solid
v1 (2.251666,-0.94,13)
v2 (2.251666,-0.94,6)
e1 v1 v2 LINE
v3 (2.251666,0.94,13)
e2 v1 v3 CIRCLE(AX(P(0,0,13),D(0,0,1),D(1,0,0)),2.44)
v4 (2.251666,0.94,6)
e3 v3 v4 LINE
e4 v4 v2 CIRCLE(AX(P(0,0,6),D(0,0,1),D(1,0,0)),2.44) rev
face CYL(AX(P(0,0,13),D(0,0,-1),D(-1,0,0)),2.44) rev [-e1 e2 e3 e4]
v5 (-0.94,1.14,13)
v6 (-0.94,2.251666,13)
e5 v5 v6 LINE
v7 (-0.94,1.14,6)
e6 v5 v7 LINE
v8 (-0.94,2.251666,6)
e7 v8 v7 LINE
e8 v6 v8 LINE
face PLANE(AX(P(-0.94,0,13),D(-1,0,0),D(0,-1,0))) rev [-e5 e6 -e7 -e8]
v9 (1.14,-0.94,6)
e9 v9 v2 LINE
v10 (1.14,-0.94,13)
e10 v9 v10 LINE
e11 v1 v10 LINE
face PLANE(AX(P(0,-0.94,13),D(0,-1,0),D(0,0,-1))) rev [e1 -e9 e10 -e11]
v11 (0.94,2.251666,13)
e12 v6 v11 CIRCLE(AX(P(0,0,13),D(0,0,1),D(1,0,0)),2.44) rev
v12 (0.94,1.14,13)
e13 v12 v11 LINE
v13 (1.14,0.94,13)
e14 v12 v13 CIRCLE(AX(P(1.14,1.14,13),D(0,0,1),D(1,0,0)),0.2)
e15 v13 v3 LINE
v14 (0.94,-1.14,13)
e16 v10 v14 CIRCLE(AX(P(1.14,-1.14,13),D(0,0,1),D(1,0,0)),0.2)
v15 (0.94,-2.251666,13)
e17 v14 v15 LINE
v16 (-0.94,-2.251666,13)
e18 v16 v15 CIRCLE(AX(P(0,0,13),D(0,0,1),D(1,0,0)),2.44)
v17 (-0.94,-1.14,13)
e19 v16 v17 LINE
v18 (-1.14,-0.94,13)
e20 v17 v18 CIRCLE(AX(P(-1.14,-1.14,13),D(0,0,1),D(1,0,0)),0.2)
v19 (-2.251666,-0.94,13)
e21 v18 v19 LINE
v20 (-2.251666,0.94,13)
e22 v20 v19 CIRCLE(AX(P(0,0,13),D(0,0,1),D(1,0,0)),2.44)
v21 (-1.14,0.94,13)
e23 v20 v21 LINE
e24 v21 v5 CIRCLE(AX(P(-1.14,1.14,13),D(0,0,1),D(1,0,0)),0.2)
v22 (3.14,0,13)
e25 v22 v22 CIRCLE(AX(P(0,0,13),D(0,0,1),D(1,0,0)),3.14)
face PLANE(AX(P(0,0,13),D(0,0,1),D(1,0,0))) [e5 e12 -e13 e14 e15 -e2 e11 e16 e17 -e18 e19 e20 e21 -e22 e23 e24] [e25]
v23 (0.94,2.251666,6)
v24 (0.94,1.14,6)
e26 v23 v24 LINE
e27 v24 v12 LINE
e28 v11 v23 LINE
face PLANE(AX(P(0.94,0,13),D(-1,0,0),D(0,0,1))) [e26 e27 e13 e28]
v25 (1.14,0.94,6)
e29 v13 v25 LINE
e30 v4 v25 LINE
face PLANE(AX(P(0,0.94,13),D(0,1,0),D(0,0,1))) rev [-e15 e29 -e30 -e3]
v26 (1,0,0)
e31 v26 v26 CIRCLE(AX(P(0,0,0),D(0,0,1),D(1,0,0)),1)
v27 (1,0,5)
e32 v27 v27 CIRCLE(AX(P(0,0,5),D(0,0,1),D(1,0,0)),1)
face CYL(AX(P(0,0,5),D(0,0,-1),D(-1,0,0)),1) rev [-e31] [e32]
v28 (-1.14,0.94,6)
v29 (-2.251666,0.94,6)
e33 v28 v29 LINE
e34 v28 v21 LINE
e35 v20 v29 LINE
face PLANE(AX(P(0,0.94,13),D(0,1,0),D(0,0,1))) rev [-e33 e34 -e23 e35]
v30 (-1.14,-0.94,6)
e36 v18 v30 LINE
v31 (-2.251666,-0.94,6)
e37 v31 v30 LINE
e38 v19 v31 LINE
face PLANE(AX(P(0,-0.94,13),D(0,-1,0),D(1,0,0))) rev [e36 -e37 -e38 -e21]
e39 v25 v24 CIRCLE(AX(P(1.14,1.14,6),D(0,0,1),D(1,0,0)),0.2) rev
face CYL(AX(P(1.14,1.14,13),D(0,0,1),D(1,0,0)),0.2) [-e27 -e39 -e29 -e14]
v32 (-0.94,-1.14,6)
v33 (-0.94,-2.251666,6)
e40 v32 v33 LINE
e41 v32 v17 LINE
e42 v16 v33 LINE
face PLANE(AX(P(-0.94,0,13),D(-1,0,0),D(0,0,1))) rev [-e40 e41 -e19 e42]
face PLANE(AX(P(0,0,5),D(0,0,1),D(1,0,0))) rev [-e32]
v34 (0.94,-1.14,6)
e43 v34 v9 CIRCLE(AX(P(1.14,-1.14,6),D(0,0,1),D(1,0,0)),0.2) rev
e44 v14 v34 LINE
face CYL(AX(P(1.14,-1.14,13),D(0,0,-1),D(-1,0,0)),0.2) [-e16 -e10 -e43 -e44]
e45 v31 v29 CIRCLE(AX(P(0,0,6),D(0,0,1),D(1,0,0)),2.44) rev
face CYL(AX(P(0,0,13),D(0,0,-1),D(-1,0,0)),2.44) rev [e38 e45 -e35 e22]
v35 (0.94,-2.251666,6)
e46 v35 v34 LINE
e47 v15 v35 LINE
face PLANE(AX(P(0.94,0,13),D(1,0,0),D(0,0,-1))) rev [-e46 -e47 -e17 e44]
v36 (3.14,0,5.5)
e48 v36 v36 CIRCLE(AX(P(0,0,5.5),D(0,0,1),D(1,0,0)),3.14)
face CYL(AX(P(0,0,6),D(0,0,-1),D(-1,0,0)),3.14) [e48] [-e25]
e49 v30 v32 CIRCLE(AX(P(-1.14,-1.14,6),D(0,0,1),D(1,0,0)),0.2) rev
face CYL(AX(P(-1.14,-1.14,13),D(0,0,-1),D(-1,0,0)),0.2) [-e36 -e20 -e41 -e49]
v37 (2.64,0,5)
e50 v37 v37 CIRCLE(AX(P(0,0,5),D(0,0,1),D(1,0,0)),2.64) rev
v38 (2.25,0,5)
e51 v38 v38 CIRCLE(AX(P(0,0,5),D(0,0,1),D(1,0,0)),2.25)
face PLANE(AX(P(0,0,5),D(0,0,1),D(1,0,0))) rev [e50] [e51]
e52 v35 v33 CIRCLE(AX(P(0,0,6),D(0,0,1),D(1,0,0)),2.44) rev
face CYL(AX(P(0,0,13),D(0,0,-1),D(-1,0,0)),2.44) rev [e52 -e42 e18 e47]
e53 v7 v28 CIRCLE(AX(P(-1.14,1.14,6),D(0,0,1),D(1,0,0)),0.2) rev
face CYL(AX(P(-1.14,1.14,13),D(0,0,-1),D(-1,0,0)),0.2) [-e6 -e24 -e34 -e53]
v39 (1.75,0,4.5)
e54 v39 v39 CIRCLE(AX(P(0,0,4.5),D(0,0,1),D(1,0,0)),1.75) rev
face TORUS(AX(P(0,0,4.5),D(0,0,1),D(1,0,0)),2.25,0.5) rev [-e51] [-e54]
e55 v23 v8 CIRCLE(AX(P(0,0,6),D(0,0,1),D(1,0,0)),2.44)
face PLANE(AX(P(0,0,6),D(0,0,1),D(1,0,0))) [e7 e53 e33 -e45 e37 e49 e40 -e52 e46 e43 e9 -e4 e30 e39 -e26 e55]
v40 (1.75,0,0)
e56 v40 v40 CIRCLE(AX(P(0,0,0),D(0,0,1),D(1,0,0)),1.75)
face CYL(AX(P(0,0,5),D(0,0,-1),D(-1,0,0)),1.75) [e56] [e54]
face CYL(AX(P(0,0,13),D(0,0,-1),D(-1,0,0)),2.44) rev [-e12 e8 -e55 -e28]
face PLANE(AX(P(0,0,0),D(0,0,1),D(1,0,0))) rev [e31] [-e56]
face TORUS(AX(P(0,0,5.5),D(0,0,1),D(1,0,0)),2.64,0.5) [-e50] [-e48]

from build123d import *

# Parameters (mm, degrees)
SKETCH1_R           = 1.75
SKETCH1_R_2         = 1
BOSS_EXTRUDE1_DEPTH = 5
SKETCH2_R           = 3.14
BOSS_EXTRUDE2_DEPTH = 1
SKETCH2_4_R         = 3.14
BOSS_EXTRUDE3_DEPTH = 8
FILLET1_R           = 0.5
FILLET2_R           = 0.2


with BuildPart() as part:
    # Sketch1 → Boss-Extrude1 (new body)
    with BuildSketch(Plane.XY):
        Circle(SKETCH1_R)
        Circle(SKETCH1_R_2, mode=Mode.SUBTRACT)
    extrude(amount=BOSS_EXTRUDE1_DEPTH)

    # Sketch2 → Boss-Extrude2 (add)
    with BuildSketch(Plane.XY.offset(5)):
        Circle(SKETCH2_R)
    extrude(amount=BOSS_EXTRUDE2_DEPTH)

    # Sketch2<4> → Boss-Extrude3 (add)
    with BuildSketch(Plane.XY.offset(5)):
        Circle(SKETCH2_4_R)
        with BuildLine():
            Line((0.94, 0.94), (2.25166605, 0.94))
            ThreePointArc((2.25166605, 0.94), (2.44, 0), (2.25166605, -0.94))
            Line((2.25166605, -0.94), (0.94, -0.94))
            Line((0.94, -0.94), (0.94, -2.25166605))
            ThreePointArc((0.94, -2.25166605), (0, -2.44), (-0.94, -2.25166605))
            Line((-0.94, -2.25166605), (-0.94, -0.94))
            Line((-0.94, -0.94), (-2.25166605, -0.94))
            ThreePointArc((-2.25166605, -0.94), (-2.44, 0), (-2.25166605, 0.94))
            Line((-2.25166605, 0.94), (-0.94, 0.94))
            Line((-0.94, 0.94), (-0.94, 2.25166605))
            ThreePointArc((-0.94, 2.25166605), (0, 2.44), (0.94, 2.25166605))
            Line((0.94, 2.25166605), (0.94, 0.94))
        make_face(mode=Mode.SUBTRACT)
    extrude(amount=BOSS_EXTRUDE3_DEPTH)

    # Fillet1
    fillet1_edges = [part.edges().sort_by_distance(p)[0] for p in [
        (-3.14, 0, 5),
        (-1.75, 0, 5),
    ]]
    fillet(fillet1_edges, radius=FILLET1_R)

    # Fillet2
    fillet2_edges = [part.edges().sort_by_distance(p)[0] for p in [
        (-0.94, 0.94, 9.5),
        (0.94, 0.94, 9.5),
        (0.94, -0.94, 9.5),
        (-0.94, -0.94, 9.5),
    ]]
    fillet(fillet2_edges, radius=FILLET2_R)


solid = part.part
